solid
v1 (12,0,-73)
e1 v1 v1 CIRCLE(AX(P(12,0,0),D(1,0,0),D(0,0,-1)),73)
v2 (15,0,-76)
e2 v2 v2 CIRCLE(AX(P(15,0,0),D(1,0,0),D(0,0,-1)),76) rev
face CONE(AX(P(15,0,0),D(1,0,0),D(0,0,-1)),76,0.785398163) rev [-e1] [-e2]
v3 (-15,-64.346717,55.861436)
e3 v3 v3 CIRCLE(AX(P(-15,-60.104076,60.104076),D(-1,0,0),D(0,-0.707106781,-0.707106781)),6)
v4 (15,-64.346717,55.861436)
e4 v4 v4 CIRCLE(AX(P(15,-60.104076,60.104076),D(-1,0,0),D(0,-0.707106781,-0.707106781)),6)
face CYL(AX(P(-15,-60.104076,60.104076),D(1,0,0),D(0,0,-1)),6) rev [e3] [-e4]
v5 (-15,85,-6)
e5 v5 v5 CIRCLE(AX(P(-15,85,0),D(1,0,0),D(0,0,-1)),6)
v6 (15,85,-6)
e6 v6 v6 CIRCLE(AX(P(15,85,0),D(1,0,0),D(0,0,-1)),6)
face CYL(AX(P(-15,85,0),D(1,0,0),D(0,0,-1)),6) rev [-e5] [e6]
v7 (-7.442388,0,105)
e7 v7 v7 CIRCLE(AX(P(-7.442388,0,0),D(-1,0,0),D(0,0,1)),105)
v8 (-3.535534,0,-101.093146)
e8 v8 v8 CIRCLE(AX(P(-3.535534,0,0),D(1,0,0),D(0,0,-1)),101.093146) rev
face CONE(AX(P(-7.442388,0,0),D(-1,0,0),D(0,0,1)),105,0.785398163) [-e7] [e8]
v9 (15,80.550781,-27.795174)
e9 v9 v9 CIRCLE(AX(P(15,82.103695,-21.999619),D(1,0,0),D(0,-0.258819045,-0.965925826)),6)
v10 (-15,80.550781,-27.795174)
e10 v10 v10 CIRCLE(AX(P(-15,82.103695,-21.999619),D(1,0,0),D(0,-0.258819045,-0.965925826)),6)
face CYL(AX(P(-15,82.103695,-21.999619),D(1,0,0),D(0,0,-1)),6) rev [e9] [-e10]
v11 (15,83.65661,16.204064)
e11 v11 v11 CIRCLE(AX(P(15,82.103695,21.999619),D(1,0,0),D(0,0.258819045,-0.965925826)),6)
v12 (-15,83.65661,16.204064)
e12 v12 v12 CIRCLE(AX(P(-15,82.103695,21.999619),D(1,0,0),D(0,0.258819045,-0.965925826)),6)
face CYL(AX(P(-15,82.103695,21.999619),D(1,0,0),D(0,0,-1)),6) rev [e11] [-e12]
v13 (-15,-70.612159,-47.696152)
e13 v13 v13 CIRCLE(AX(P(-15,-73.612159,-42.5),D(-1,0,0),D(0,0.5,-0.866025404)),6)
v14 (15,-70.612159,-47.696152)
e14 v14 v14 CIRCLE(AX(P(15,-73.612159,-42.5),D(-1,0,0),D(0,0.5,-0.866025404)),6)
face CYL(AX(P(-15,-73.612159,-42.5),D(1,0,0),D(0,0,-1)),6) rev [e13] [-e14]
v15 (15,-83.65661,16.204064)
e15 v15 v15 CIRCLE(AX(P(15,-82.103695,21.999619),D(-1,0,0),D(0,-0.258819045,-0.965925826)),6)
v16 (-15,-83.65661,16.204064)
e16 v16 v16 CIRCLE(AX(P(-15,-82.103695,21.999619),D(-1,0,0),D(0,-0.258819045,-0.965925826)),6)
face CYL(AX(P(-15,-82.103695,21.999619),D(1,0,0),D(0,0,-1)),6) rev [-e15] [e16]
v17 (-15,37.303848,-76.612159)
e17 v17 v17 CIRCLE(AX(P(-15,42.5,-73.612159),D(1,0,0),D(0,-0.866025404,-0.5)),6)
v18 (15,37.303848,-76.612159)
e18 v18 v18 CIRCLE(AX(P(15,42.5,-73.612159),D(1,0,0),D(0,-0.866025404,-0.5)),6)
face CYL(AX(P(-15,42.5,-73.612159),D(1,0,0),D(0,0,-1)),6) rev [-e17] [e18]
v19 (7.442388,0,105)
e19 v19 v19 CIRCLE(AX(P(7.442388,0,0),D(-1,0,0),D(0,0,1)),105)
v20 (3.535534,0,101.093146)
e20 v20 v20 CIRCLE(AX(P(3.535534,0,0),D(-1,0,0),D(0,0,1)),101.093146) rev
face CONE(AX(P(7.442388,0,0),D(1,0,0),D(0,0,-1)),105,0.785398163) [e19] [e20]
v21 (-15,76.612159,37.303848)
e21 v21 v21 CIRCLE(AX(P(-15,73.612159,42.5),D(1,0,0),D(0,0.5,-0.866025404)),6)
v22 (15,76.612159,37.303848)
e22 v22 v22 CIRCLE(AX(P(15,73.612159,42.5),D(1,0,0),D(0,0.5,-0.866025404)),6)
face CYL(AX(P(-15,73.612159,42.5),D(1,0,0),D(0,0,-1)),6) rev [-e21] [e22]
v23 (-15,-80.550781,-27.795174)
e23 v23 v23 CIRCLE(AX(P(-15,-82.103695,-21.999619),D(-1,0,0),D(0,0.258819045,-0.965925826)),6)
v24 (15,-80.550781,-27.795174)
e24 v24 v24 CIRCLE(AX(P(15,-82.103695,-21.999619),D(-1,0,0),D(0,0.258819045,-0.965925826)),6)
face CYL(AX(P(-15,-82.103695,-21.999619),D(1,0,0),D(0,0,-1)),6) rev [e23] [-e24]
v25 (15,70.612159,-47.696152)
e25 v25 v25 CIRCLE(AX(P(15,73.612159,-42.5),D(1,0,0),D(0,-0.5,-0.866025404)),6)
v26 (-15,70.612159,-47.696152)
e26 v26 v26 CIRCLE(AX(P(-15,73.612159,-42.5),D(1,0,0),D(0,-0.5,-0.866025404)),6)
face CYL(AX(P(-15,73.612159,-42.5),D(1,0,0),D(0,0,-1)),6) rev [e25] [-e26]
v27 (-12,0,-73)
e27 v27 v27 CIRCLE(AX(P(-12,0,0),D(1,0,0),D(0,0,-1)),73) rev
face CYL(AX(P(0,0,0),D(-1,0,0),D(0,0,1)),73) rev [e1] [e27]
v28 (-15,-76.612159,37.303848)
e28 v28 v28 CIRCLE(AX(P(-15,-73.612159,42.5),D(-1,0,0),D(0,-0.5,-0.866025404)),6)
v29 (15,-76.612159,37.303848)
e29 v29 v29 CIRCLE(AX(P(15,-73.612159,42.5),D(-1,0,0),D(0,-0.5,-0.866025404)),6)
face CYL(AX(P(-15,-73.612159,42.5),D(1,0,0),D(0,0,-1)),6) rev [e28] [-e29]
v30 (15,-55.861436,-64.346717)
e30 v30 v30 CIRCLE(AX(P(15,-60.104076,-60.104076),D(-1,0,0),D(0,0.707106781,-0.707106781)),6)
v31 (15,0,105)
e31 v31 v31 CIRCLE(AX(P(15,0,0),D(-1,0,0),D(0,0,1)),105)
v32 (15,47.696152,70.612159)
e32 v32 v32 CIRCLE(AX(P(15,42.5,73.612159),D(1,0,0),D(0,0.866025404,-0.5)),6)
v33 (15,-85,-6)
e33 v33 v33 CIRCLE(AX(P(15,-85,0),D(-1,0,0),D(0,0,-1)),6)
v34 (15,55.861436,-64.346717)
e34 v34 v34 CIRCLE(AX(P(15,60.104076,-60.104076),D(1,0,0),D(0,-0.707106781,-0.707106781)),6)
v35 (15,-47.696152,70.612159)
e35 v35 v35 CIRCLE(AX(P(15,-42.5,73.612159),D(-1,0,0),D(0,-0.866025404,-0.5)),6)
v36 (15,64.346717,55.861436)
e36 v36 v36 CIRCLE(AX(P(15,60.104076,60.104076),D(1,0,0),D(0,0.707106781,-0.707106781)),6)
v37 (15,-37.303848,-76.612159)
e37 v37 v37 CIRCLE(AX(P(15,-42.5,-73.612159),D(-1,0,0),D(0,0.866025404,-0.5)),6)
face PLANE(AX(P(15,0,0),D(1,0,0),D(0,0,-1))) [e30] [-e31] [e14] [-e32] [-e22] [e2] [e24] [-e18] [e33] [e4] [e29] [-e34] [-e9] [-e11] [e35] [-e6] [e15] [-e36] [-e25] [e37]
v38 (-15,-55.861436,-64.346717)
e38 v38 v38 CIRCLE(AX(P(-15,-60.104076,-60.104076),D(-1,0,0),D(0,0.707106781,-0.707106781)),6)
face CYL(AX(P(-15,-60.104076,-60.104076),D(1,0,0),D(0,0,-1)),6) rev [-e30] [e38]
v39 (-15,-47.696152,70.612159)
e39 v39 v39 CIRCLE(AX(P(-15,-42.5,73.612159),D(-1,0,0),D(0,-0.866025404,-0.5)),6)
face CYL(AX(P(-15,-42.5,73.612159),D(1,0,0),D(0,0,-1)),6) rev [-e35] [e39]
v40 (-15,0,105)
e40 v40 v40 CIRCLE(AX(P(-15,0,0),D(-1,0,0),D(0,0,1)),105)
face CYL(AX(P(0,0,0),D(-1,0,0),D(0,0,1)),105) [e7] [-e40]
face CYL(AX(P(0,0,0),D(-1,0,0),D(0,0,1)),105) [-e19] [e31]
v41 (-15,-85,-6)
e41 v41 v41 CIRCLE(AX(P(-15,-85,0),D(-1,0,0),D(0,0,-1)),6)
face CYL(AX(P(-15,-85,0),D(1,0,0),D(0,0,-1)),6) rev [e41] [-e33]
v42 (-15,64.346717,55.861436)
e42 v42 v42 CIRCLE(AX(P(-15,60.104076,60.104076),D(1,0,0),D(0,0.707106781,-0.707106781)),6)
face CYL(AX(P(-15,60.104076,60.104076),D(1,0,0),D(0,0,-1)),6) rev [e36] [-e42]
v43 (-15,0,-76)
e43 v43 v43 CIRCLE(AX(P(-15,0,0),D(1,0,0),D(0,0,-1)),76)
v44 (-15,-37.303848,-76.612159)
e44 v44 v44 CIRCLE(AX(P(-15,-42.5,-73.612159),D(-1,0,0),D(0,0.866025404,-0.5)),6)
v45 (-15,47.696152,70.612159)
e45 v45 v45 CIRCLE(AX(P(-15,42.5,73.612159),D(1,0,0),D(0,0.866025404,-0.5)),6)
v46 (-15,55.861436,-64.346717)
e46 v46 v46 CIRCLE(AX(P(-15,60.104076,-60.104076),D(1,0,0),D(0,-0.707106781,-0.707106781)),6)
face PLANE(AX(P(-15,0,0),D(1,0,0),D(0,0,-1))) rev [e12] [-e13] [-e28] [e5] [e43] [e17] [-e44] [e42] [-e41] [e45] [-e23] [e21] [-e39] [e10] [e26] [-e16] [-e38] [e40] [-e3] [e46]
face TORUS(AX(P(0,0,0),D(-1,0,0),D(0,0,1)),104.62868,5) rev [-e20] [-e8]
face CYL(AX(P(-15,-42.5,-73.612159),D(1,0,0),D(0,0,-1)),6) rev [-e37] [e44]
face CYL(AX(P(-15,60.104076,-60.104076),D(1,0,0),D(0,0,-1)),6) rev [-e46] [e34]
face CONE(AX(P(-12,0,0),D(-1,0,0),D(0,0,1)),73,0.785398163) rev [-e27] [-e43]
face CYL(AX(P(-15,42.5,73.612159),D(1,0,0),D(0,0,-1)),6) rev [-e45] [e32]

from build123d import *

# Parameters (mm, degrees)
CHAMFER1_SIZE                   = 3
FILLET3_R                       = 5
SKETCH3_R                       = 6
CUT_EXTRUDE3_DEPTH              = 152.492574214
CIRPATTERN2_COUNT               = 5
CIRPATTERN2_ANGLE               = 60
CIRPATTERN2_THE_OTHER_WAY_COUNT = 5
CIRPATTERN2_THE_OTHER_WAY_ANGLE = 60
MIRROR1_COPY_1_SKETCH_R         = 6
MIRROR1_COPY_1_DEPTH            = 152.492574214
MIRROR1_COPY_2_SKETCH_R         = 6
MIRROR1_COPY_2_DEPTH            = 152.492574214
MIRROR1_COPY_3_SKETCH_R         = 6
MIRROR1_COPY_3_DEPTH            = 152.492574214
MIRROR1_COPY_4_SKETCH_R         = 6
MIRROR1_COPY_4_DEPTH            = 152.492574214
MIRROR1_COPY_5_SKETCH_R         = 6
MIRROR1_COPY_5_DEPTH            = 152.492574214
MIRROR1_COPY_6_SKETCH_R         = 6
MIRROR1_COPY_6_DEPTH            = 152.492574214
MIRROR1_COPY_7_SKETCH_R         = 6
MIRROR1_COPY_7_DEPTH            = 152.492574214
MIRROR1_COPY_8_SKETCH_R         = 6
MIRROR1_COPY_8_DEPTH            = 152.492574214


with BuildPart() as part:
    # Sketch1 → Revolve1 (revolve)
    with BuildSketch(Plane.XY, mode=Mode.PRIVATE) as revolve1_sk:
        Polygon((15, 105), (7.442388155, 105), (0, 97.557611845), (-7.442388155, 105), (-15, 105), (-15, 73), (15, 73), align=None)
    revolve(revolve1_sk.sketch.rotate(Axis((0, 0, 0), (1, 0, 0)), 90), axis=Axis((0, 0, 0), (1, 0, 0)))

    # Chamfer1
    chamfer1_edges = [part.edges().sort_by_distance(p)[0] for p in [
        (15, 0, -73),
        (-15, 0, -73),
    ]]
    chamfer(chamfer1_edges, length=CHAMFER1_SIZE)

    # Fillet3
    fillet3_edges = [part.edges().sort_by_distance(p)[0] for p in [
        (0, 0, -97.557611845),
    ]]
    fillet(fillet3_edges, radius=FILLET3_R)

    # Sketch3 → Cut-Extrude3 (cut, through all)
    with BuildSketch(Plane(origin=(15, 0, 0), x_dir=(0, 0, -1), z_dir=(1, 0, 0))):
        with Locations((0, 85)):
            Circle(SKETCH3_R)
    cut_extrude3 = extrude(amount=-CUT_EXTRUDE3_DEPTH, mode=Mode.SUBTRACT)

    # CirPattern2: Cut-Extrude3 ×5 about axis
    cirpattern2_axis = Axis((0, 0, 0), (-1, 0, 0))
    for i in range(1, CIRPATTERN2_COUNT):
        add(cut_extrude3.rotate(cirpattern2_axis, i * CIRPATTERN2_ANGLE / (CIRPATTERN2_COUNT - 1)), mode=Mode.SUBTRACT)

    # CirPattern2 the other way: Cut-Extrude3 ×5 about axis
    cirpattern2_the_other_way_axis = Axis((0, 0, 0), (1, 0, 0))
    for i in range(1, CIRPATTERN2_THE_OTHER_WAY_COUNT):
        add(cut_extrude3.rotate(cirpattern2_the_other_way_axis, i * CIRPATTERN2_THE_OTHER_WAY_ANGLE / (CIRPATTERN2_THE_OTHER_WAY_COUNT - 1)), mode=Mode.SUBTRACT)

    # Mirror1: Cut-Extrude3 across plane
    add(cut_extrude3.mirror(Plane.ZX), mode=Mode.SUBTRACT)

    # Mirror1 copy 1 sketch → Mirror1 copy 1 (cut, through all)
    with BuildSketch(Plane(origin=(15, 0, 0), x_dir=(0, 0.2588190451025214, -0.9659258262890681), z_dir=(1, 0, 0))):
        with Locations((0, -85)):
            Circle(MIRROR1_COPY_1_SKETCH_R)
    extrude(amount=-MIRROR1_COPY_1_DEPTH, mode=Mode.SUBTRACT)

    # Mirror1 copy 2 sketch → Mirror1 copy 2 (cut, through all)
    with BuildSketch(Plane(origin=(15, 0, 0), x_dir=(0, 0.5000000000000011, -0.866025403784438), z_dir=(1, 0, 0))):
        with Locations((0, -85)):
            Circle(MIRROR1_COPY_2_SKETCH_R)
    extrude(amount=-MIRROR1_COPY_2_DEPTH, mode=Mode.SUBTRACT)

    # Mirror1 copy 3 sketch → Mirror1 copy 3 (cut, through all)
    with BuildSketch(Plane(origin=(15, 0, 0), x_dir=(0, 0.7071067811865488, -0.7071067811865462), z_dir=(1, 0, 0))):
        with Locations((0, -85)):
            Circle(MIRROR1_COPY_3_SKETCH_R)
    extrude(amount=-MIRROR1_COPY_3_DEPTH, mode=Mode.SUBTRACT)

    # Mirror1 copy 4 sketch → Mirror1 copy 4 (cut, through all)
    with BuildSketch(Plane(origin=(15, 0, 0), x_dir=(0, 0.8660254037844399, -0.4999999999999978), z_dir=(1, 0, 0))):
        with Locations((0, -85)):
            Circle(MIRROR1_COPY_4_SKETCH_R)
    extrude(amount=-MIRROR1_COPY_4_DEPTH, mode=Mode.SUBTRACT)

    # Mirror1 copy 5 sketch → Mirror1 copy 5 (cut, through all)
    with BuildSketch(Plane(origin=(15, 0, 0), x_dir=(0, -0.2588190451025214, -0.9659258262890681), z_dir=(1, 0, 0))):
        with Locations((0, -85)):
            Circle(MIRROR1_COPY_5_SKETCH_R)
    extrude(amount=-MIRROR1_COPY_5_DEPTH, mode=Mode.SUBTRACT)

    # Mirror1 copy 6 sketch → Mirror1 copy 6 (cut, through all)
    with BuildSketch(Plane(origin=(15, 0, 0), x_dir=(0, -0.5000000000000011, -0.866025403784438), z_dir=(1, 0, 0))):
        with Locations((0, -85)):
            Circle(MIRROR1_COPY_6_SKETCH_R)
    extrude(amount=-MIRROR1_COPY_6_DEPTH, mode=Mode.SUBTRACT)

    # Mirror1 copy 7 sketch → Mirror1 copy 7 (cut, through all)
    with BuildSketch(Plane(origin=(15, 0, 0), x_dir=(0, -0.7071067811865488, -0.7071067811865462), z_dir=(1, 0, 0))):
        with Locations((0, -85)):
            Circle(MIRROR1_COPY_7_SKETCH_R)
    extrude(amount=-MIRROR1_COPY_7_DEPTH, mode=Mode.SUBTRACT)

    # Mirror1 copy 8 sketch → Mirror1 copy 8 (cut, through all)
    with BuildSketch(Plane(origin=(15, 0, 0), x_dir=(0, -0.8660254037844399, -0.4999999999999978), z_dir=(1, 0, 0))):
        with Locations((0, -85)):
            Circle(MIRROR1_COPY_8_SKETCH_R)
    extrude(amount=-MIRROR1_COPY_8_DEPTH, mode=Mode.SUBTRACT)


solid = part.part
